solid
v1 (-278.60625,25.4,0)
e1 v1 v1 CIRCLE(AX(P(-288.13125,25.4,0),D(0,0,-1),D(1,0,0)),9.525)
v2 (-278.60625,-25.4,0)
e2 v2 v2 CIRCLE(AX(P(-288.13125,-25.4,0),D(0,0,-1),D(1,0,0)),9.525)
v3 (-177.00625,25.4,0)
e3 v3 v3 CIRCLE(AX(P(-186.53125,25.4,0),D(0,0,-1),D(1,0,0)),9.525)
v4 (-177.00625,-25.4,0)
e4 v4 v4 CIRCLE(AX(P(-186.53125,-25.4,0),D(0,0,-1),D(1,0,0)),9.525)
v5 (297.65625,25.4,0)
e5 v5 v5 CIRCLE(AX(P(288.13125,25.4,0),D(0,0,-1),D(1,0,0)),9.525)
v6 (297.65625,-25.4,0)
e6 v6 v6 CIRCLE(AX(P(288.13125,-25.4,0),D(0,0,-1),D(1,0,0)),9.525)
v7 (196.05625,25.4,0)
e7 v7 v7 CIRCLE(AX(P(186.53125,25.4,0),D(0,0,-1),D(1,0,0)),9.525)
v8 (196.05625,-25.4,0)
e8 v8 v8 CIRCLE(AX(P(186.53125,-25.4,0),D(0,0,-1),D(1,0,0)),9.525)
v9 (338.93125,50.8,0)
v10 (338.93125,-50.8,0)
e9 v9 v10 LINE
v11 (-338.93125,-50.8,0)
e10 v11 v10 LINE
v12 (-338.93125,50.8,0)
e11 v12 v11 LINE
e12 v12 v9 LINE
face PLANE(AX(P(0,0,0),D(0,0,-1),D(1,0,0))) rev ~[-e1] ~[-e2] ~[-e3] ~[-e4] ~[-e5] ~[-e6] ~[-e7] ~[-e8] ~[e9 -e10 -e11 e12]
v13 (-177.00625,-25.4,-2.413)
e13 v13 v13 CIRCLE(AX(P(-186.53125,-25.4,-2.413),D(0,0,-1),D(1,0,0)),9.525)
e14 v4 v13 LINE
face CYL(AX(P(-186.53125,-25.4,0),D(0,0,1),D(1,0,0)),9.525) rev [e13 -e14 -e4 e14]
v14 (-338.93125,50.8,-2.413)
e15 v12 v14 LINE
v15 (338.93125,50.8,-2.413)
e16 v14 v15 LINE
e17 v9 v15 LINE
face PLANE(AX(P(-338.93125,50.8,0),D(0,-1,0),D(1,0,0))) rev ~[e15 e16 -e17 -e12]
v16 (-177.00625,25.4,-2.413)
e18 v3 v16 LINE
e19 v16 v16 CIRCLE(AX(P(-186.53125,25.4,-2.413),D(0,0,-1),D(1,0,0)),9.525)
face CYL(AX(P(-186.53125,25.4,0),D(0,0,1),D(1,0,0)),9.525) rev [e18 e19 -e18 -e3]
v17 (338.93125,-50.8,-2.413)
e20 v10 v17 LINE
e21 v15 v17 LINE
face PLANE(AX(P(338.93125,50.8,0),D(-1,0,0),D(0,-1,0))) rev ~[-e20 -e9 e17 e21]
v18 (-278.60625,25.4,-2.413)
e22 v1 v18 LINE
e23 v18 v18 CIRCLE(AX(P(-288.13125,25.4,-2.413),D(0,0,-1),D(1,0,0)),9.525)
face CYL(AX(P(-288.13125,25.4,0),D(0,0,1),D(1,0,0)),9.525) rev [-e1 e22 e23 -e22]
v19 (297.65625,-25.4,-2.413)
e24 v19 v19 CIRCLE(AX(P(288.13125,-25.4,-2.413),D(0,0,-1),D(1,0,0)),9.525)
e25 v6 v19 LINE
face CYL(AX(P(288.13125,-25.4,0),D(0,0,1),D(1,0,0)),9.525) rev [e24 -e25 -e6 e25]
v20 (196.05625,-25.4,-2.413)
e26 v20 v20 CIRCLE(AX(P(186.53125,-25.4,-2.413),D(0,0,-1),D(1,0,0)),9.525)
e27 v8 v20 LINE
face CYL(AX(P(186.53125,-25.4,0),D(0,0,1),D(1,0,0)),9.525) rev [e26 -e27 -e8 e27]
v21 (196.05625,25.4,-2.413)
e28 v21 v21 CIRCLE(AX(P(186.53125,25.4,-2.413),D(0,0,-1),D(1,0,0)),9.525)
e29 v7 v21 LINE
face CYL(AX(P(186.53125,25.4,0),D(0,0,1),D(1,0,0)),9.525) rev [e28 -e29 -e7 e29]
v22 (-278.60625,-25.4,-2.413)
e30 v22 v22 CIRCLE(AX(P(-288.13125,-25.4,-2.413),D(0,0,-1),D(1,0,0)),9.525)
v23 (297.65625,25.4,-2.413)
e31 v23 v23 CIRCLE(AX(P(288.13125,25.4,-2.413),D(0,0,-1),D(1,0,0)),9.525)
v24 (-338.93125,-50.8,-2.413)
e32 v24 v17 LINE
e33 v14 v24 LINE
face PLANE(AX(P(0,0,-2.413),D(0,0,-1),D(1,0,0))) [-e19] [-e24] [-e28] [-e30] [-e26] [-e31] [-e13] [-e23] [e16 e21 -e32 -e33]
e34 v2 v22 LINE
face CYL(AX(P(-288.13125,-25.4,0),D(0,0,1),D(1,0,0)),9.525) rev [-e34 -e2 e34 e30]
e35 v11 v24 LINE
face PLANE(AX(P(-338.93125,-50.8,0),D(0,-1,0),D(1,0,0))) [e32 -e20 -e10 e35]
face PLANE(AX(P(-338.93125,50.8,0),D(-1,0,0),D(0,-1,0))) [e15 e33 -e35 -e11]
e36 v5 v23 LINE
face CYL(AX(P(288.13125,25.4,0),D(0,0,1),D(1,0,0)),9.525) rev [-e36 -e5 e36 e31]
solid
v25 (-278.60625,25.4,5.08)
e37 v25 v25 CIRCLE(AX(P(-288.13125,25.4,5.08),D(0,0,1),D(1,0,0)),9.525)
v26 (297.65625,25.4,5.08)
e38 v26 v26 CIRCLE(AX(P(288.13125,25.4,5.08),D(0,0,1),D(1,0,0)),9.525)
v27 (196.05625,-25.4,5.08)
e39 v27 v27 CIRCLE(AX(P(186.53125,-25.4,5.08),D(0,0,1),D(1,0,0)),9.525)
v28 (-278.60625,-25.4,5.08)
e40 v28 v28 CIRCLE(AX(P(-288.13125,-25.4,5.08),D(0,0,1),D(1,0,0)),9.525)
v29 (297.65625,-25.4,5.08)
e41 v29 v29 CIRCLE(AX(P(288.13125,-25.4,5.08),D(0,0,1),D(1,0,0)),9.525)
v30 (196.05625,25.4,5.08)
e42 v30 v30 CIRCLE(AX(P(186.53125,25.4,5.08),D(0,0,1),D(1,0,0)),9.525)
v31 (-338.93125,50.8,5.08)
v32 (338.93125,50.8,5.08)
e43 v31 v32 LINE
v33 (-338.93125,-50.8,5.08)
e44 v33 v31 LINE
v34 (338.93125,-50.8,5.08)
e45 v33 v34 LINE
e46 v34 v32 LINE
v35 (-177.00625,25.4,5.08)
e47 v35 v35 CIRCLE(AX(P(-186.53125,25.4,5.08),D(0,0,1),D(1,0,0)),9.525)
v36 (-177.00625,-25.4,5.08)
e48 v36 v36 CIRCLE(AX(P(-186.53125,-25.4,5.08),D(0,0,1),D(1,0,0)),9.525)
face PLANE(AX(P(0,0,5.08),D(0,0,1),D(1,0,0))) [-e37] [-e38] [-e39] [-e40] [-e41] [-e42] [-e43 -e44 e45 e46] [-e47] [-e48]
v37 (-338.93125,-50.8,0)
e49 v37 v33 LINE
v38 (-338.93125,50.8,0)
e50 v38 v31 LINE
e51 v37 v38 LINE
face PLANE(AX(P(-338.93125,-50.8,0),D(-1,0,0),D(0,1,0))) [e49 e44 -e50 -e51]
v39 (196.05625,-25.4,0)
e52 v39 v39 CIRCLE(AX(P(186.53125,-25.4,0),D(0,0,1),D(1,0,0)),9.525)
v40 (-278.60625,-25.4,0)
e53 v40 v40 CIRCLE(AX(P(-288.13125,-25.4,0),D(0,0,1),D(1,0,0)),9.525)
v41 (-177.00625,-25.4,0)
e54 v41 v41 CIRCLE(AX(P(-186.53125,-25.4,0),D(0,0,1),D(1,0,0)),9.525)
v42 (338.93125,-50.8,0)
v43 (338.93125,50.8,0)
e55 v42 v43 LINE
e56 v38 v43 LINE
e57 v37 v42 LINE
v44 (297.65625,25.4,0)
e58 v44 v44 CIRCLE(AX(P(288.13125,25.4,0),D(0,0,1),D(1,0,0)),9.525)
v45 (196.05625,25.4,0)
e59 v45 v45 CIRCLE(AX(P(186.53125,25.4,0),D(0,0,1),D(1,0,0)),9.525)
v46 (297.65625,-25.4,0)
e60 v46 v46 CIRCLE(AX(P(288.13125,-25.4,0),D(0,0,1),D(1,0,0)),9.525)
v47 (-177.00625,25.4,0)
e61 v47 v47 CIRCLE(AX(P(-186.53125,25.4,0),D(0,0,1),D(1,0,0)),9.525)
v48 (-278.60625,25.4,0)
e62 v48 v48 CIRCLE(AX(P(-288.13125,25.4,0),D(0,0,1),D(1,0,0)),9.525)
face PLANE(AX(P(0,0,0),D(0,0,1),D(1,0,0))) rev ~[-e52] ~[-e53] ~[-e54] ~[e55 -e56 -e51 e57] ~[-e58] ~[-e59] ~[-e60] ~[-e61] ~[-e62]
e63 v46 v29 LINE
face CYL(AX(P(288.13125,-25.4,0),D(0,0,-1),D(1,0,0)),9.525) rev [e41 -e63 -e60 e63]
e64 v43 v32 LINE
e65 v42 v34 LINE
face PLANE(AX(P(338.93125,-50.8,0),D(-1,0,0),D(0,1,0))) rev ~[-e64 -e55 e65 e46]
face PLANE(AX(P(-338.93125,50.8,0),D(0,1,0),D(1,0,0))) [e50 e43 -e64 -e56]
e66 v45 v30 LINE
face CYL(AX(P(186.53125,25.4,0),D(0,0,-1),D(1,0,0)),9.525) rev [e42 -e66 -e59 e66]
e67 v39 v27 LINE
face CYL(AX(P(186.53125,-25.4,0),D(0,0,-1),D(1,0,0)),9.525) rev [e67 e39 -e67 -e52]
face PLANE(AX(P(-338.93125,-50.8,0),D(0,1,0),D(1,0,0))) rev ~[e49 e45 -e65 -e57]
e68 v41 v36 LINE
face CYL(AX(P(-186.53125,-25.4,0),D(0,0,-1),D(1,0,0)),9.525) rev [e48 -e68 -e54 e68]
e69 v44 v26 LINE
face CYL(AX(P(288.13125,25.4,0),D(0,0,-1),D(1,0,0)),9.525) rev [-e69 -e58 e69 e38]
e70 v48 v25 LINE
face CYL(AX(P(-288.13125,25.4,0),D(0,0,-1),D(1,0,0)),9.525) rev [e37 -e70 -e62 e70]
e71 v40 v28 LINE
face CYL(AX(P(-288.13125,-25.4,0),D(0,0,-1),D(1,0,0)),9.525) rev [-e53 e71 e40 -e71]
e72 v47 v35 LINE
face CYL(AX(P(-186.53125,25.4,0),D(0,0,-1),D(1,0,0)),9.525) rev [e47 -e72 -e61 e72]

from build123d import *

# Parameters (mm, degrees)
F0_W     = 677.8625
F0_H     = 101.6
F0_R     = 9.525
F1_DEPTH = 5.08
F2_W     = 677.8625
F2_H     = 101.6
F2_R     = 9.525
F3_DEPTH = 2.413


with BuildPart() as f1:
    # F0 (on Top) → F1 (new body)
    with BuildSketch(Plane.XY):
        Rectangle(F0_W, F0_H)
        with Locations((-288.13125, -25.4)):
            Circle(F0_R, mode=Mode.SUBTRACT)
        with Locations((-186.53125, -25.4)):
            Circle(F0_R, mode=Mode.SUBTRACT)
        with Locations((186.53125, -25.4)):
            Circle(F0_R, mode=Mode.SUBTRACT)
        with Locations((288.13125, -25.4)):
            Circle(F0_R, mode=Mode.SUBTRACT)
        with Locations((-288.13125, 25.4)):
            Circle(F0_R, mode=Mode.SUBTRACT)
        with Locations((-186.53125, 25.4)):
            Circle(F0_R, mode=Mode.SUBTRACT)
        with Locations((186.53125, 25.4)):
            Circle(F0_R, mode=Mode.SUBTRACT)
        with Locations((288.13125, 25.4)):
            Circle(F0_R, mode=Mode.SUBTRACT)
    extrude(amount=F1_DEPTH)


with BuildPart() as f3:
    # F2 (on face) → F3 (new body)
    with BuildSketch(Plane(origin=(0, 0, 0), x_dir=(1, 0, 0), z_dir=(0, 0, -1))):
        Rectangle(F2_W, F2_H)
        with Locations((-288.13125, -25.4)):
            Circle(F2_R, mode=Mode.SUBTRACT)
        with Locations((-186.53125, -25.4)):
            Circle(F2_R, mode=Mode.SUBTRACT)
        with Locations((186.53125, -25.4)):
            Circle(F2_R, mode=Mode.SUBTRACT)
        with Locations((288.13125, -25.4)):
            Circle(F2_R, mode=Mode.SUBTRACT)
        with Locations((-288.13125, 25.4)):
            Circle(F2_R, mode=Mode.SUBTRACT)
        with Locations((-186.53125, 25.4)):
            Circle(F2_R, mode=Mode.SUBTRACT)
        with Locations((186.53125, 25.4)):
            Circle(F2_R, mode=Mode.SUBTRACT)
        with Locations((288.13125, 25.4)):
            Circle(F2_R, mode=Mode.SUBTRACT)
    extrude(amount=F3_DEPTH)


solid = Compound([f1.part, f3.part])
